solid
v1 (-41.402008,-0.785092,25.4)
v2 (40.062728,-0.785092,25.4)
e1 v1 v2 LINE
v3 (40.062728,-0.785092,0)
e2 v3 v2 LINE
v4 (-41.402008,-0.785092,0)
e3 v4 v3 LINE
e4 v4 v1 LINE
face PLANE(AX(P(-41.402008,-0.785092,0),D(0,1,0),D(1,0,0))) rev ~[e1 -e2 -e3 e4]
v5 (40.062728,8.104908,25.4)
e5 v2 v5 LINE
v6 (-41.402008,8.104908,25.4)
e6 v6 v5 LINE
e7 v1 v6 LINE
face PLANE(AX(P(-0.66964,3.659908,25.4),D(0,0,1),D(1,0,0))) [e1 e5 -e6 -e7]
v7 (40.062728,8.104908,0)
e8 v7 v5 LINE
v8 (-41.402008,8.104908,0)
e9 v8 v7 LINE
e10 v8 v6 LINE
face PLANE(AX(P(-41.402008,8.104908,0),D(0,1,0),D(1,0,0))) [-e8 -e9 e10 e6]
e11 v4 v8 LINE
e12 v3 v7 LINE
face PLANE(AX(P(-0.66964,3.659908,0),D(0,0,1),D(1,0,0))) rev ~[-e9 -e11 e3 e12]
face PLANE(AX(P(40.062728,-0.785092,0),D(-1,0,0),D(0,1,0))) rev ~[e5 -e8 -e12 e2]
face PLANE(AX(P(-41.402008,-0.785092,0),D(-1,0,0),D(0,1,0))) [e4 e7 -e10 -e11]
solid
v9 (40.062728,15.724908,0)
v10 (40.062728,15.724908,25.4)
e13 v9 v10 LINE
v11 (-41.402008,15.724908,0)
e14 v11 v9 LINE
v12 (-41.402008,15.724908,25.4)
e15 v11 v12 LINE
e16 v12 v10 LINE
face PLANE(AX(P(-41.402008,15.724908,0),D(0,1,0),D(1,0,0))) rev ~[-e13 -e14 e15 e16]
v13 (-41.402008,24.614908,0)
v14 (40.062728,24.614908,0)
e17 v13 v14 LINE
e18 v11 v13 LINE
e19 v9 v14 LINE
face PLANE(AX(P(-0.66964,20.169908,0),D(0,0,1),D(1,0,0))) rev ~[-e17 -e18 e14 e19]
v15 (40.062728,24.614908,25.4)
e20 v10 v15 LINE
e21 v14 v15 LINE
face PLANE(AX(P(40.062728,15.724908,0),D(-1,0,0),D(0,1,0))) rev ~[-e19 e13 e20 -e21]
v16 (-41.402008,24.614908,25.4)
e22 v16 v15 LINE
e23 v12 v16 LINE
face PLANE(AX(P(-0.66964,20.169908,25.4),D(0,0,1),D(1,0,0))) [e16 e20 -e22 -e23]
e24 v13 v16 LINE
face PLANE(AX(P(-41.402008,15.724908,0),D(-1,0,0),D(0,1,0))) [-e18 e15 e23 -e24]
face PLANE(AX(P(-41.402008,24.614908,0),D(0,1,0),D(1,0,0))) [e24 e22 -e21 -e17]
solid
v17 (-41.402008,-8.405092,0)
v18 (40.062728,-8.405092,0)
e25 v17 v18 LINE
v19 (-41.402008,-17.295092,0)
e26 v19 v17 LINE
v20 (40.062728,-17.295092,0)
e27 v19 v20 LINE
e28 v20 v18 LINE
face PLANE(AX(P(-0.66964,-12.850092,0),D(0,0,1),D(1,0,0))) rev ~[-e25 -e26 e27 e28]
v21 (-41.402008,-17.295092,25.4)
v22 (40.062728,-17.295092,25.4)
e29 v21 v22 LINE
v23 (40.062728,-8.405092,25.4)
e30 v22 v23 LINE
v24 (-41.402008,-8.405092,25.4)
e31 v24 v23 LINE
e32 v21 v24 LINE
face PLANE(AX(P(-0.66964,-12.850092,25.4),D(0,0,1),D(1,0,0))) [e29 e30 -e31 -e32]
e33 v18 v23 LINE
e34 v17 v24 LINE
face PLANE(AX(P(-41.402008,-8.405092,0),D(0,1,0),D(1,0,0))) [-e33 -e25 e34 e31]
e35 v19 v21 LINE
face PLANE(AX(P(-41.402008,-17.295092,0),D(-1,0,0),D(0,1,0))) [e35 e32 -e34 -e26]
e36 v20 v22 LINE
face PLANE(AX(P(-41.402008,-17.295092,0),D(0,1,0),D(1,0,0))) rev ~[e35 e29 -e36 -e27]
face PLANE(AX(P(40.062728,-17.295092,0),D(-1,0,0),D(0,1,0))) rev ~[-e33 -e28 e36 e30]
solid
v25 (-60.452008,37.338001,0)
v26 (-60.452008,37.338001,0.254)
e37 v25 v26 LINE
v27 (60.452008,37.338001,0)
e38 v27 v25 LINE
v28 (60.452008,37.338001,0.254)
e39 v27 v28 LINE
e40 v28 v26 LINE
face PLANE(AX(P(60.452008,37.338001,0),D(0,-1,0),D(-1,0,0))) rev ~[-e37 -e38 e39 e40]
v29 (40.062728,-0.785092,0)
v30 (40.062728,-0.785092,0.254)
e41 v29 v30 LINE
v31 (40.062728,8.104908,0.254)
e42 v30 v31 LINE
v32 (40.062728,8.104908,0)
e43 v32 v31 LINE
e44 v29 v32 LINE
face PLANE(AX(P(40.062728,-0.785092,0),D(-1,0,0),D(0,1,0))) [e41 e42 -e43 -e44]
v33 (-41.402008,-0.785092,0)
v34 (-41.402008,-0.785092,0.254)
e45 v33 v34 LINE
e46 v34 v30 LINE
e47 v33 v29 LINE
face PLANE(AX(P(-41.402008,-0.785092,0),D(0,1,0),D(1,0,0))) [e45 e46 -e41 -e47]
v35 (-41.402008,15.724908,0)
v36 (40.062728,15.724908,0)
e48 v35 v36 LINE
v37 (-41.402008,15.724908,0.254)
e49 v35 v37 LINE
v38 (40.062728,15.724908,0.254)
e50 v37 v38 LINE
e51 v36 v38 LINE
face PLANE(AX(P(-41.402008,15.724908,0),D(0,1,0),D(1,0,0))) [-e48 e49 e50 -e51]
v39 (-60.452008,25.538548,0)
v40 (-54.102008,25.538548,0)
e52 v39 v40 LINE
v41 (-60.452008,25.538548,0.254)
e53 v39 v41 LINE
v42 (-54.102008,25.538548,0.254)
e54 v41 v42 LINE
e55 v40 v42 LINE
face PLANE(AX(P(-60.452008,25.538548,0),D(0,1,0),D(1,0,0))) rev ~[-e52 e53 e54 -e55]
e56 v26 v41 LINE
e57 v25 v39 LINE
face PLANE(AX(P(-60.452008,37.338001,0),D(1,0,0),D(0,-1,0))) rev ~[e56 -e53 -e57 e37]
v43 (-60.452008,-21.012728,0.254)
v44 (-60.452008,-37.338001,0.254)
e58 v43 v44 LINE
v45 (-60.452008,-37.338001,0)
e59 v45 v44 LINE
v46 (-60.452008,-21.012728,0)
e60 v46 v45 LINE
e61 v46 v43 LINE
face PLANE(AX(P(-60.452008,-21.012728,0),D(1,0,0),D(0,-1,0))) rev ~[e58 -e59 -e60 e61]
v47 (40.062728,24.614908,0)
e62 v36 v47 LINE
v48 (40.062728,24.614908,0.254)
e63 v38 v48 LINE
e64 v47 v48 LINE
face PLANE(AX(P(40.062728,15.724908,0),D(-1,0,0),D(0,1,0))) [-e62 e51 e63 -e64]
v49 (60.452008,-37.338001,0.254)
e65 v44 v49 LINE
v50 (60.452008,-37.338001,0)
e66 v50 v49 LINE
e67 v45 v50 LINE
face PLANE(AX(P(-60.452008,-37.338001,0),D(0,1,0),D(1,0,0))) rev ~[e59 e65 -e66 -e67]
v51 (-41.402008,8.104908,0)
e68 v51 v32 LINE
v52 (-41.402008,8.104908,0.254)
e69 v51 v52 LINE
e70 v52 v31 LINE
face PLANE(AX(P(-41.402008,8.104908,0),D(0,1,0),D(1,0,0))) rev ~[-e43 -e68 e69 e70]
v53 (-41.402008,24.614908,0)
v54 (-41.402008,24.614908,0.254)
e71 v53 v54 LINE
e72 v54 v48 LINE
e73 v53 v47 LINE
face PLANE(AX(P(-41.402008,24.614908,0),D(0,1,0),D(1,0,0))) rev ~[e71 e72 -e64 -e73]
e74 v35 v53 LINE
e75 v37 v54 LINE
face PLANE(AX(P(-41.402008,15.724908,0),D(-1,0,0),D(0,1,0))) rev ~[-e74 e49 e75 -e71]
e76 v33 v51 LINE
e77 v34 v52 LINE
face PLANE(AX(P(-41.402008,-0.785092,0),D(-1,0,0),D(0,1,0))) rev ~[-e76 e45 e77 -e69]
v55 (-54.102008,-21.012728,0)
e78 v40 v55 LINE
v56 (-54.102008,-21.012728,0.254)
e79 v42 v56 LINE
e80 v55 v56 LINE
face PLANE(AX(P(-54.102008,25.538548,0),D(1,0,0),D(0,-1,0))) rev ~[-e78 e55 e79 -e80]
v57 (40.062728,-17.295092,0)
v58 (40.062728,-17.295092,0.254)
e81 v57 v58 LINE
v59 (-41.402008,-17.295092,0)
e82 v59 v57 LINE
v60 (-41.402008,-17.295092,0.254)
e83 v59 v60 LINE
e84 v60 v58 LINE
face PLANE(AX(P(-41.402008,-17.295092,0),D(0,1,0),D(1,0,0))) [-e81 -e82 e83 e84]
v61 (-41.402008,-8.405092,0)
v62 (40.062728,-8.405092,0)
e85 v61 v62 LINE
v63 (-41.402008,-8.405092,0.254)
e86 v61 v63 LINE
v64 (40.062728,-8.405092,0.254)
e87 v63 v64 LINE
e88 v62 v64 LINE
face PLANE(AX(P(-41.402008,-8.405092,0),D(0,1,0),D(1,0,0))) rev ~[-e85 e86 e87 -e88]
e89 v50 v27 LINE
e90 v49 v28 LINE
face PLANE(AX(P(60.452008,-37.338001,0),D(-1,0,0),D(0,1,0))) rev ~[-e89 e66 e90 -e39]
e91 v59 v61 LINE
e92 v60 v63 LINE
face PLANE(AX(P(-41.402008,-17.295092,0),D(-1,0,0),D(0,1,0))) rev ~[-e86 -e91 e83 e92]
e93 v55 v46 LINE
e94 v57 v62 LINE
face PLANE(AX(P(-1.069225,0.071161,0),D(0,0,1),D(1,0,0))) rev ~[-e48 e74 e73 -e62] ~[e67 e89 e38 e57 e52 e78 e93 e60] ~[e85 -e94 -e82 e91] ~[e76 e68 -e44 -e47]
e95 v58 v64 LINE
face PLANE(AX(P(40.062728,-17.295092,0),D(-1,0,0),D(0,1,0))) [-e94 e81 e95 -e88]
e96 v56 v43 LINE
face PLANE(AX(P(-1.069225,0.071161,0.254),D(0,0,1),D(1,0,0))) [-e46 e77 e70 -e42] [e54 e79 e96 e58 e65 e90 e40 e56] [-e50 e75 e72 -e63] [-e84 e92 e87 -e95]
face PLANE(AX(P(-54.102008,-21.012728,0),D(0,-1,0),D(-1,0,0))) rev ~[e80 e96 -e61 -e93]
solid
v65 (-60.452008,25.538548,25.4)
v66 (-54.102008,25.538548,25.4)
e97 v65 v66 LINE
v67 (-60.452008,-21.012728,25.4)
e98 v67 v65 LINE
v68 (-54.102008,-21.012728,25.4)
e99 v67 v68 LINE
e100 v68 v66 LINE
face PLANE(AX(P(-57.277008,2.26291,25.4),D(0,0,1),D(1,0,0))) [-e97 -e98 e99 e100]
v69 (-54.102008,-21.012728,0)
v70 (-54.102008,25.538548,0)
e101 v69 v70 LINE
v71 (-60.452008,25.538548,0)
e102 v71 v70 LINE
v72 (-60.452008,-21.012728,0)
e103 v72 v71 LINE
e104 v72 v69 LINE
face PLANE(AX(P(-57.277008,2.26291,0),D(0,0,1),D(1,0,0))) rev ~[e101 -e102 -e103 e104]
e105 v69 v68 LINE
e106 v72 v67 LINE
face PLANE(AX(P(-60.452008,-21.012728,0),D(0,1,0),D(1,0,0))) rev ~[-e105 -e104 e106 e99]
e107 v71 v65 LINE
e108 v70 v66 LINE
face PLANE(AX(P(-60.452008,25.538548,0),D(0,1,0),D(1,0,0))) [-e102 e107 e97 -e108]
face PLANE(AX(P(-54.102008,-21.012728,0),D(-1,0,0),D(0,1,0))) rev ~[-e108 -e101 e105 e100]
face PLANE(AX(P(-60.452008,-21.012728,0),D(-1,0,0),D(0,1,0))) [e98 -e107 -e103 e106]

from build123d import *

# Parameters (mm, degrees)
F0_W     = 81.464736
F0_H     = 8.89
F0_W_2   = 6.35
F0_H_2   = 46.551276
F1_DEPTH = 25.4
F2_DEPTH = 0.254


with BuildPart() as f1:
    # F0 (on Top) → F1 (new body)
    with BuildSketch(Plane.XY):
        with Locations((-0.66964, 20.169908)):
            Rectangle(F0_W, F0_H)
        with Locations((-57.277008, 2.26291)):
            Rectangle(F0_W_2, F0_H_2)
        with Locations((-0.66964, 3.659908)):
            Rectangle(F0_W, F0_H)
        with Locations((-0.66964, -12.850092)):
            Rectangle(F0_W, F0_H)
    extrude(amount=F1_DEPTH)


with BuildPart() as f2:
    # F0 (on Top) → F2 (new body)
    with BuildSketch(Plane.XY):
        Polygon((60.452008, -37.338001), (60.452008, 37.338001), (-60.452008, 37.338001), (-60.452008, 25.538548), (-54.102008, 25.538548), (-54.102008, -21.012728), (-60.452008, -21.012728), (-60.452008, -37.338001), align=None)
        with Locations((-0.66964, -12.850092)):
            Rectangle(F0_W, F0_H, mode=Mode.SUBTRACT)
        with Locations((-0.66964, 3.659908)):
            Rectangle(F0_W, F0_H, mode=Mode.SUBTRACT)
        with Locations((-0.66964, 20.169908)):
            Rectangle(F0_W, F0_H, mode=Mode.SUBTRACT)
    extrude(amount=F2_DEPTH)


solid = Compound([f1.part, f2.part])
